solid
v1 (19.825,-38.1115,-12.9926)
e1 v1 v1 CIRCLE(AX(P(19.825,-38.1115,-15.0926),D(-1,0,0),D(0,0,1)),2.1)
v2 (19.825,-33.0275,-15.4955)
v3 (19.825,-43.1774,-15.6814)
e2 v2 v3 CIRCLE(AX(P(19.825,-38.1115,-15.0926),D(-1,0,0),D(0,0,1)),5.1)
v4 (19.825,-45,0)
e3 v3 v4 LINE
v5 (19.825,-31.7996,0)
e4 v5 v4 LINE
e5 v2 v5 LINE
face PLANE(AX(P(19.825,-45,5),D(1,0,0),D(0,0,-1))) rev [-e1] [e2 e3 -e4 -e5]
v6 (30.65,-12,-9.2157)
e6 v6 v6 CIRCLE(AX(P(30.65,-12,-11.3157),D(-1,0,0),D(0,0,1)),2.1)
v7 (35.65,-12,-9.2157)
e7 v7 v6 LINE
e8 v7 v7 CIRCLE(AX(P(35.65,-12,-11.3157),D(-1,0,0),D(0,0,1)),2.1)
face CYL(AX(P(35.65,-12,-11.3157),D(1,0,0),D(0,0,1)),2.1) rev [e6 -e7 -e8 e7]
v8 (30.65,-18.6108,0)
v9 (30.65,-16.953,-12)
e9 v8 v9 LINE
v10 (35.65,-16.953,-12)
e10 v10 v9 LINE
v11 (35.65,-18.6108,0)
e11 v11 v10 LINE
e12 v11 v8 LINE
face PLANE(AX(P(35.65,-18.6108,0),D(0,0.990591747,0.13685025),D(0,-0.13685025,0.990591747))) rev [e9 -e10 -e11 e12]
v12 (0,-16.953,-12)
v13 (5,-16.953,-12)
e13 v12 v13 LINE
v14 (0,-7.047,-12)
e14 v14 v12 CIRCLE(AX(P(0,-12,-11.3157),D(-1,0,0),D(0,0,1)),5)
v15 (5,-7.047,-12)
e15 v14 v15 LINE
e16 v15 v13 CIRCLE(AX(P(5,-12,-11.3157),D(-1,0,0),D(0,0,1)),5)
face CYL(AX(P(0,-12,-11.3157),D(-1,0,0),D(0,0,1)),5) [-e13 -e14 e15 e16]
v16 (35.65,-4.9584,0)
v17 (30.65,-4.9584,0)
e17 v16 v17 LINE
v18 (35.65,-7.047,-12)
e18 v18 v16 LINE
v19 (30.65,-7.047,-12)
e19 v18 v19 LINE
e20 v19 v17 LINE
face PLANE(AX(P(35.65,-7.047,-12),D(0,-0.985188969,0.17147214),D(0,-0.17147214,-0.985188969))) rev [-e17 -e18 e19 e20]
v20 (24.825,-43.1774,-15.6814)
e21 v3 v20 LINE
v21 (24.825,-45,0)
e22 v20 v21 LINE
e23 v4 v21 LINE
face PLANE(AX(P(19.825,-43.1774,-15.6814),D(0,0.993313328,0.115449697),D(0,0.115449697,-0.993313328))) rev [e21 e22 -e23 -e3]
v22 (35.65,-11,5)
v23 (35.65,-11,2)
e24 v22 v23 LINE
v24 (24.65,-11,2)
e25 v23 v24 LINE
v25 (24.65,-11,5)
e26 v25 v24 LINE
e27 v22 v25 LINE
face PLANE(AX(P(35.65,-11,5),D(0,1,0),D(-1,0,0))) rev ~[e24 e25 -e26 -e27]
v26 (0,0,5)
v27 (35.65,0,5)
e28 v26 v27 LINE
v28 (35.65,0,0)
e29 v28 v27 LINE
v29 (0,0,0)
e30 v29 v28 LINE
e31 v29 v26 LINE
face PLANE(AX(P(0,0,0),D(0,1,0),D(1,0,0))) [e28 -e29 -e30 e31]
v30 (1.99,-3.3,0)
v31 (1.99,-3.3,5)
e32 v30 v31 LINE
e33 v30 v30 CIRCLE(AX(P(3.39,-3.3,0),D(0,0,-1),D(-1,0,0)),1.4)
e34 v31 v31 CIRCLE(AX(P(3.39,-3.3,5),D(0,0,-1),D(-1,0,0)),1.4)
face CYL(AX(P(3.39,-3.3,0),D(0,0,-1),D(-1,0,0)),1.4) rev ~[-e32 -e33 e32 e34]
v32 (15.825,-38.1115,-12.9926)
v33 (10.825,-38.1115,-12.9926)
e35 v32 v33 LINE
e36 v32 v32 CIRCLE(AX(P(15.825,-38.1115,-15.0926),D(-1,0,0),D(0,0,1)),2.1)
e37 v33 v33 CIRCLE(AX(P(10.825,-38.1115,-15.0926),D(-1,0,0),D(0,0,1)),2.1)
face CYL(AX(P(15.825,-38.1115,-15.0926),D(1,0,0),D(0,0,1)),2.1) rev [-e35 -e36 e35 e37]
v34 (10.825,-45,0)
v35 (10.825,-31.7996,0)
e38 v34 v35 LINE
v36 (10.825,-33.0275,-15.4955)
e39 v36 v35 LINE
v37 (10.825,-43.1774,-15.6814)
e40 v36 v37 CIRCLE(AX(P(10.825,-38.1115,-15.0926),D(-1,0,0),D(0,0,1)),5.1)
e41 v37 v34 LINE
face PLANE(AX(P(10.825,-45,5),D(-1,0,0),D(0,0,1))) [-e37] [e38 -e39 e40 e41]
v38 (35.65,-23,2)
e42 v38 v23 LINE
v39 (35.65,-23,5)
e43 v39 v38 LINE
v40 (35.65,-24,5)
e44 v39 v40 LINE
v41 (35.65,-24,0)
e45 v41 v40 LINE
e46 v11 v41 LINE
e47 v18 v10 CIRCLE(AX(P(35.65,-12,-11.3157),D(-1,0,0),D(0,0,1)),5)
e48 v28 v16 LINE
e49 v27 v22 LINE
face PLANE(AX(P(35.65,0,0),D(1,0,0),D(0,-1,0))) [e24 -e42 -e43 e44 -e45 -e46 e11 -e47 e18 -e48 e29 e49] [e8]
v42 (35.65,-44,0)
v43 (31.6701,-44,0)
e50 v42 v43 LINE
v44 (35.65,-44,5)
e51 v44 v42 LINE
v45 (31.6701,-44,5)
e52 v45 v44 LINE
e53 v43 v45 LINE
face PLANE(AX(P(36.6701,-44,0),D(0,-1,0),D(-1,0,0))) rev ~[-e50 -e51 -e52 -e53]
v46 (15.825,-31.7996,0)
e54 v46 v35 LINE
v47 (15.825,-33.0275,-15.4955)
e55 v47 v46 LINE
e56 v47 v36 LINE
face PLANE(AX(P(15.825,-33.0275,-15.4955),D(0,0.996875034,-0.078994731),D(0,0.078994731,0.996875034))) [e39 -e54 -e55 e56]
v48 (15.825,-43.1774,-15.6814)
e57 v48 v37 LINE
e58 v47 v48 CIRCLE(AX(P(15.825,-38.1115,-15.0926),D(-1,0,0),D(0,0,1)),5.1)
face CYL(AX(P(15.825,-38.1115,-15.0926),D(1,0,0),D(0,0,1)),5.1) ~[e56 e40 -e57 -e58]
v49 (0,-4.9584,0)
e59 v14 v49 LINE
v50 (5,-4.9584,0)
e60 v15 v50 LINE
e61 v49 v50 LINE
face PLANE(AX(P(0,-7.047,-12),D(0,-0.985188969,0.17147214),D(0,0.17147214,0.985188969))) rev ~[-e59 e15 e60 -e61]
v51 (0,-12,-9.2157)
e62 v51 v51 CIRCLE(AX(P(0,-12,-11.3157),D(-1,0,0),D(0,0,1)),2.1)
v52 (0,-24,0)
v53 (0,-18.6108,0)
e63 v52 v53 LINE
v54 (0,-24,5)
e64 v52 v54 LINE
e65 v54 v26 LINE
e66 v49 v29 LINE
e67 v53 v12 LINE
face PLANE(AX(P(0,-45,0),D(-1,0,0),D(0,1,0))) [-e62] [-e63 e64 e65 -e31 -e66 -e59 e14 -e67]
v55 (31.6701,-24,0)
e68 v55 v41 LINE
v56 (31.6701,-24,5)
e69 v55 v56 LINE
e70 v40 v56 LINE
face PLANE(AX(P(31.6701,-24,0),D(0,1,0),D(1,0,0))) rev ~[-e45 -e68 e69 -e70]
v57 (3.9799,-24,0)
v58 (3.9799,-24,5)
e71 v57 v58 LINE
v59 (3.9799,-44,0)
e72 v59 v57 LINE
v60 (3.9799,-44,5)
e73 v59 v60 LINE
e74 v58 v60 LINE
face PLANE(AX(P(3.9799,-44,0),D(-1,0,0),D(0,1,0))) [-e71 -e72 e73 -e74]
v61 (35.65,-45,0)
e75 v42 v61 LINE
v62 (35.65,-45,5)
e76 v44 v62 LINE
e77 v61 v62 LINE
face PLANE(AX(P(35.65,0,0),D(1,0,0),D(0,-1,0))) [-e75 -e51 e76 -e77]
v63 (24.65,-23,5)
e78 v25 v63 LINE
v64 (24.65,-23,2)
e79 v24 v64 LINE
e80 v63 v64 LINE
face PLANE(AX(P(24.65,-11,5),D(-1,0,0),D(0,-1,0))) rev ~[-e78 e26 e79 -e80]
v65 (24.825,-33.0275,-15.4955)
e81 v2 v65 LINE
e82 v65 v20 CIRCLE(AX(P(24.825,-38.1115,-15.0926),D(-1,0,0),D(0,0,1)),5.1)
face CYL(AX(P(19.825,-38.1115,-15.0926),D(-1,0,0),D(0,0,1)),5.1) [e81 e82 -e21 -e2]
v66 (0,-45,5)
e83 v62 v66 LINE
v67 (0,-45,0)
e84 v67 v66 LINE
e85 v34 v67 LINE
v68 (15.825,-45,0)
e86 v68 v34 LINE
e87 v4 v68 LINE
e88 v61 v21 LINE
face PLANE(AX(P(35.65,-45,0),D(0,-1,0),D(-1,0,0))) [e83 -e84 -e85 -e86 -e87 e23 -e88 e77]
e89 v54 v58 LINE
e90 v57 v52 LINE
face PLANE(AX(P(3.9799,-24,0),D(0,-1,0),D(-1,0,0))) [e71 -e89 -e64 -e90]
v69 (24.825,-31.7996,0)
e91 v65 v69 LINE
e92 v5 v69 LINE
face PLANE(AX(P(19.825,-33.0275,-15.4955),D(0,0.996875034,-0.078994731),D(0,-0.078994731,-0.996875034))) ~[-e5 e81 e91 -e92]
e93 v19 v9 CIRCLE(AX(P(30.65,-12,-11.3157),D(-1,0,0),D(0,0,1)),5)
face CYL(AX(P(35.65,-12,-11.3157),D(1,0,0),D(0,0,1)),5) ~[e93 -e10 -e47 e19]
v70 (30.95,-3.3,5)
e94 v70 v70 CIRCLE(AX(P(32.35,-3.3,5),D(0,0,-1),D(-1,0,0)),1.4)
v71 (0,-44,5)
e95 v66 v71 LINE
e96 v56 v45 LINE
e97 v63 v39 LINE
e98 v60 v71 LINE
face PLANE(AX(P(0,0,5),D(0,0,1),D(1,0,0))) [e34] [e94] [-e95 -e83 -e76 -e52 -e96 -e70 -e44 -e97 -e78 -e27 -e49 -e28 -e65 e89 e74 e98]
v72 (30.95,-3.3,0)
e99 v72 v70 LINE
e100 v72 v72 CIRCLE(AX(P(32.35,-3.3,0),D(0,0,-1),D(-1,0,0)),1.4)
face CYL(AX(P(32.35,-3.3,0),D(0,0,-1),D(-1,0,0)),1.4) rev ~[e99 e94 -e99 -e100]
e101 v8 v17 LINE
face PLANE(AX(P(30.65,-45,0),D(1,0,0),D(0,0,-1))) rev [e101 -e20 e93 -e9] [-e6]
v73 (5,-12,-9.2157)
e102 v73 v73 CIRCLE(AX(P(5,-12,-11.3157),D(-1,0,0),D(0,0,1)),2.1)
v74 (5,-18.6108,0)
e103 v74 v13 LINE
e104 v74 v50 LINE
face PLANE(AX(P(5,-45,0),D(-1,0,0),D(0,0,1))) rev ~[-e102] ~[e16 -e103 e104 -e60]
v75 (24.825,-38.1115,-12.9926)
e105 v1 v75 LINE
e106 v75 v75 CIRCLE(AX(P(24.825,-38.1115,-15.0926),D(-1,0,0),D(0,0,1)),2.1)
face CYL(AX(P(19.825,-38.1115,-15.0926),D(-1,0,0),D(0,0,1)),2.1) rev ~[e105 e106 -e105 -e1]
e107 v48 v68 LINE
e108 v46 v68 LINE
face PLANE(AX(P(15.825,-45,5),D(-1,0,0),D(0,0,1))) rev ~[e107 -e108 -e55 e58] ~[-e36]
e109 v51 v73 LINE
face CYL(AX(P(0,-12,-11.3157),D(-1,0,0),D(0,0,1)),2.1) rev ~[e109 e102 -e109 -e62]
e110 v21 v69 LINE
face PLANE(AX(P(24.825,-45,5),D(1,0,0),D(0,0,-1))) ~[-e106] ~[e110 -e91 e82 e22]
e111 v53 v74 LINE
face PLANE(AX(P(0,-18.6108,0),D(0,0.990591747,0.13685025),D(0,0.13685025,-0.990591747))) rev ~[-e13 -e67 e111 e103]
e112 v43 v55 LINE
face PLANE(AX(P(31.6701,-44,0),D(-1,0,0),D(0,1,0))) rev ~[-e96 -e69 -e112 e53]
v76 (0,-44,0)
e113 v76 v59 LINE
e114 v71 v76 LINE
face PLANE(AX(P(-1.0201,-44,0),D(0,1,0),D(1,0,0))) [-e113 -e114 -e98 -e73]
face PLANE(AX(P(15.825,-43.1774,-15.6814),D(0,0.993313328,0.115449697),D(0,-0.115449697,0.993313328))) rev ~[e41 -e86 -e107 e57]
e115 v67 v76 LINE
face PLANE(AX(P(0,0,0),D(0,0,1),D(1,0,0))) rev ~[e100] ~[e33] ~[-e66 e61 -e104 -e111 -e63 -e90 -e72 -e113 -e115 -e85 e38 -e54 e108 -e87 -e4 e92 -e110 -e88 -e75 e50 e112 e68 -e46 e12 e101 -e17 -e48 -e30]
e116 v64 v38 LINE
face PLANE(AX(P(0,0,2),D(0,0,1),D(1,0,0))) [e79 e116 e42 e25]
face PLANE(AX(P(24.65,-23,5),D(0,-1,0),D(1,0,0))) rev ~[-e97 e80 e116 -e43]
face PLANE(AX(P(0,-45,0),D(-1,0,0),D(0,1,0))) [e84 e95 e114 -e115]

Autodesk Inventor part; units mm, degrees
ref_plane "YZ Plane" through (0, 0, 0) normal (1, 0, 0) x (0, 1, 0)
ref_plane "XZ Plane" through (0, 0, 0) normal (0, 1, 0) x (-1, 0, 0)
ref_plane "XY Plane" through (0, 0, 0) normal (0, 0, 1) x (1, 0, 0)
sketch "Эскиз1" plane through (0, 0, 0) normal (0, 0, 1) x (1, 0, 0)
  line L0 (0, 0) -> (35.65, 0)
  line L1 (35.65, 0) -> (35.65, -45)
  line L2 (35.65, -45) -> (0, -45)
  line L3 (0, -45) -> (0, 0)
  dimension "d0" = 35.65
  dimension "d1" = 45
extrude "Выдавливание1" add sketch "Эскиз1" along normal blind 5
sketch "Эскиз5" plane through (0, -45, 0) normal (-1, 0, 0) x (0, 0, 1)
  line L0 (0, 0) -> (0, 45) projected
  line L1 (0, 26.3892) -> (-12, 28.047)
  circle A0 centre (-11.3157, 33) radius 5
  circle A1 centre (-11.3157, 33) radius 2.1
  line L2 (0, 45) -> (5, 45) projected
  line L3 (-12, 37.953) -> (0, 40.0416)
  point P0 (0, 38.3892)
  point P1 (-10.5919, 37.9473)
  point P2 (-11.2301, 37.9993)
  point P3 (0, 41.0557)
  dimension "d4" = 4.2
  dimension "d5" = 10
  dimension "d8" = 12
  dimension "d9" = 12
  dimension "d10" = 12
  dimension "d18" = 12
extrude "Выдавливание2" add sketch "Эскиз5" against normal blind 5
ref_plane "РабПлоскость1" through (17.825, -45, 5) normal (-1, 0, 0) x (0, 0, 1)
mirror "Зеркальное отражение1" about plane through (17.825, -45, 5) normal (-1, 0, 0) of "Выдавливание2"
sketch "Эскиз7" plane through (0, 0, 0) normal (0, 0, -1) x (-1, 0, 0)
  circle A0 centre (-32.35, -3.3) radius 1.4 projected
  circle A1 centre (-3.39, -3.3) radius 1.4 projected
  line L0 (-3.9799, -24) -> (1.0201, -24)
  line L1 (1.0201, -24) -> (1.0201, -44)
  line L2 (1.0201, -44) -> (-3.9799, -44)
  line L3 (-3.9799, -44) -> (-3.9799, -24)
  line L4 (0, -45) -> (-35.65, -45) construction
  line L5 (-17.825, -45) -> (-17.825, 0) construction
  line L6 (-35.65, 0) -> (0, 0) construction
  line L7 (-31.6701, -24) -> (-36.6701, -24)
  line L8 (-36.6701, -24) -> (-36.6701, -44)
  line L9 (-36.6701, -44) -> (-31.6701, -44)
  line L10 (-31.6701, -44) -> (-31.6701, -24)
  line L11 (0, 0) -> (0, -45) construction
  point P0 (0, -18.6108)
  dimension "d14" = 1
  dimension "d15" = 20
  dimension "d24" = 5
extrude "Выдавливание3" cut sketch "Эскиз7" against normal through all
sketch "Эскиз9" plane through (0, 0, 5) normal (0, 0, 1) x (1, 0, 0)
  line L0 (35.65, -45) -> (35.65, 0) projected
  line L1 (35.65, -11) -> (24.65, -11)
  line L2 (24.65, -11) -> (24.65, -23)
  line L3 (24.65, -23) -> (35.65, -23)
  line L4 (35.65, -23) -> (35.65, -11)
  point P0 (0, 0)
  dimension "d19" = 11
  dimension "d20" = 12
  dimension "d21" = 11
extrude "Выдавливание4" cut sketch "Эскиз9" against normal blind 3
ref_plane "РабПлоскость2" through (15.825, -45, 5) normal (-1, 0, 0) x (0, 0, 1)
sketch "Эскиз10" plane through (15.825, -45, 5) normal (-1, 0, 0) x (0, 0, 1)
  circle A0 centre (-20.0926, 6.8885) radius 5.1
  circle A1 centre (-20.0926, 6.8885) radius 2.1
  line L0 (-20.6814, 1.8226) -> (-5, 0)
  line L1 (-5, 11.6783) -> (-5, 0)
  line L2 (-20.4955, 11.9725) -> (-5, 13.2004)
  line L3 (-5, 1) -> (-5, 21) projected
  point P0 (-5, 45)
  point P1 (-20.9797, 11.9107)
  point P2 (-22.1404, 2.2176)
  point P3 (-20.6271, 11.9604)
  dimension "d28" = 4.2
  dimension "d29" = 10.2
extrude "Выдавливание5" add sketch "Эскиз10" along normal blind 5
mirror "Зеркальное отражение2" about plane through (17.825, -45, 5) normal (-1, 0, 0) of "Выдавливание5"
ref_plane "РабПлоскость3" through (17.825, 0, 5) normal (1, 0, 0) x (0, 0, -1)
properties part number "Качель камеры"
